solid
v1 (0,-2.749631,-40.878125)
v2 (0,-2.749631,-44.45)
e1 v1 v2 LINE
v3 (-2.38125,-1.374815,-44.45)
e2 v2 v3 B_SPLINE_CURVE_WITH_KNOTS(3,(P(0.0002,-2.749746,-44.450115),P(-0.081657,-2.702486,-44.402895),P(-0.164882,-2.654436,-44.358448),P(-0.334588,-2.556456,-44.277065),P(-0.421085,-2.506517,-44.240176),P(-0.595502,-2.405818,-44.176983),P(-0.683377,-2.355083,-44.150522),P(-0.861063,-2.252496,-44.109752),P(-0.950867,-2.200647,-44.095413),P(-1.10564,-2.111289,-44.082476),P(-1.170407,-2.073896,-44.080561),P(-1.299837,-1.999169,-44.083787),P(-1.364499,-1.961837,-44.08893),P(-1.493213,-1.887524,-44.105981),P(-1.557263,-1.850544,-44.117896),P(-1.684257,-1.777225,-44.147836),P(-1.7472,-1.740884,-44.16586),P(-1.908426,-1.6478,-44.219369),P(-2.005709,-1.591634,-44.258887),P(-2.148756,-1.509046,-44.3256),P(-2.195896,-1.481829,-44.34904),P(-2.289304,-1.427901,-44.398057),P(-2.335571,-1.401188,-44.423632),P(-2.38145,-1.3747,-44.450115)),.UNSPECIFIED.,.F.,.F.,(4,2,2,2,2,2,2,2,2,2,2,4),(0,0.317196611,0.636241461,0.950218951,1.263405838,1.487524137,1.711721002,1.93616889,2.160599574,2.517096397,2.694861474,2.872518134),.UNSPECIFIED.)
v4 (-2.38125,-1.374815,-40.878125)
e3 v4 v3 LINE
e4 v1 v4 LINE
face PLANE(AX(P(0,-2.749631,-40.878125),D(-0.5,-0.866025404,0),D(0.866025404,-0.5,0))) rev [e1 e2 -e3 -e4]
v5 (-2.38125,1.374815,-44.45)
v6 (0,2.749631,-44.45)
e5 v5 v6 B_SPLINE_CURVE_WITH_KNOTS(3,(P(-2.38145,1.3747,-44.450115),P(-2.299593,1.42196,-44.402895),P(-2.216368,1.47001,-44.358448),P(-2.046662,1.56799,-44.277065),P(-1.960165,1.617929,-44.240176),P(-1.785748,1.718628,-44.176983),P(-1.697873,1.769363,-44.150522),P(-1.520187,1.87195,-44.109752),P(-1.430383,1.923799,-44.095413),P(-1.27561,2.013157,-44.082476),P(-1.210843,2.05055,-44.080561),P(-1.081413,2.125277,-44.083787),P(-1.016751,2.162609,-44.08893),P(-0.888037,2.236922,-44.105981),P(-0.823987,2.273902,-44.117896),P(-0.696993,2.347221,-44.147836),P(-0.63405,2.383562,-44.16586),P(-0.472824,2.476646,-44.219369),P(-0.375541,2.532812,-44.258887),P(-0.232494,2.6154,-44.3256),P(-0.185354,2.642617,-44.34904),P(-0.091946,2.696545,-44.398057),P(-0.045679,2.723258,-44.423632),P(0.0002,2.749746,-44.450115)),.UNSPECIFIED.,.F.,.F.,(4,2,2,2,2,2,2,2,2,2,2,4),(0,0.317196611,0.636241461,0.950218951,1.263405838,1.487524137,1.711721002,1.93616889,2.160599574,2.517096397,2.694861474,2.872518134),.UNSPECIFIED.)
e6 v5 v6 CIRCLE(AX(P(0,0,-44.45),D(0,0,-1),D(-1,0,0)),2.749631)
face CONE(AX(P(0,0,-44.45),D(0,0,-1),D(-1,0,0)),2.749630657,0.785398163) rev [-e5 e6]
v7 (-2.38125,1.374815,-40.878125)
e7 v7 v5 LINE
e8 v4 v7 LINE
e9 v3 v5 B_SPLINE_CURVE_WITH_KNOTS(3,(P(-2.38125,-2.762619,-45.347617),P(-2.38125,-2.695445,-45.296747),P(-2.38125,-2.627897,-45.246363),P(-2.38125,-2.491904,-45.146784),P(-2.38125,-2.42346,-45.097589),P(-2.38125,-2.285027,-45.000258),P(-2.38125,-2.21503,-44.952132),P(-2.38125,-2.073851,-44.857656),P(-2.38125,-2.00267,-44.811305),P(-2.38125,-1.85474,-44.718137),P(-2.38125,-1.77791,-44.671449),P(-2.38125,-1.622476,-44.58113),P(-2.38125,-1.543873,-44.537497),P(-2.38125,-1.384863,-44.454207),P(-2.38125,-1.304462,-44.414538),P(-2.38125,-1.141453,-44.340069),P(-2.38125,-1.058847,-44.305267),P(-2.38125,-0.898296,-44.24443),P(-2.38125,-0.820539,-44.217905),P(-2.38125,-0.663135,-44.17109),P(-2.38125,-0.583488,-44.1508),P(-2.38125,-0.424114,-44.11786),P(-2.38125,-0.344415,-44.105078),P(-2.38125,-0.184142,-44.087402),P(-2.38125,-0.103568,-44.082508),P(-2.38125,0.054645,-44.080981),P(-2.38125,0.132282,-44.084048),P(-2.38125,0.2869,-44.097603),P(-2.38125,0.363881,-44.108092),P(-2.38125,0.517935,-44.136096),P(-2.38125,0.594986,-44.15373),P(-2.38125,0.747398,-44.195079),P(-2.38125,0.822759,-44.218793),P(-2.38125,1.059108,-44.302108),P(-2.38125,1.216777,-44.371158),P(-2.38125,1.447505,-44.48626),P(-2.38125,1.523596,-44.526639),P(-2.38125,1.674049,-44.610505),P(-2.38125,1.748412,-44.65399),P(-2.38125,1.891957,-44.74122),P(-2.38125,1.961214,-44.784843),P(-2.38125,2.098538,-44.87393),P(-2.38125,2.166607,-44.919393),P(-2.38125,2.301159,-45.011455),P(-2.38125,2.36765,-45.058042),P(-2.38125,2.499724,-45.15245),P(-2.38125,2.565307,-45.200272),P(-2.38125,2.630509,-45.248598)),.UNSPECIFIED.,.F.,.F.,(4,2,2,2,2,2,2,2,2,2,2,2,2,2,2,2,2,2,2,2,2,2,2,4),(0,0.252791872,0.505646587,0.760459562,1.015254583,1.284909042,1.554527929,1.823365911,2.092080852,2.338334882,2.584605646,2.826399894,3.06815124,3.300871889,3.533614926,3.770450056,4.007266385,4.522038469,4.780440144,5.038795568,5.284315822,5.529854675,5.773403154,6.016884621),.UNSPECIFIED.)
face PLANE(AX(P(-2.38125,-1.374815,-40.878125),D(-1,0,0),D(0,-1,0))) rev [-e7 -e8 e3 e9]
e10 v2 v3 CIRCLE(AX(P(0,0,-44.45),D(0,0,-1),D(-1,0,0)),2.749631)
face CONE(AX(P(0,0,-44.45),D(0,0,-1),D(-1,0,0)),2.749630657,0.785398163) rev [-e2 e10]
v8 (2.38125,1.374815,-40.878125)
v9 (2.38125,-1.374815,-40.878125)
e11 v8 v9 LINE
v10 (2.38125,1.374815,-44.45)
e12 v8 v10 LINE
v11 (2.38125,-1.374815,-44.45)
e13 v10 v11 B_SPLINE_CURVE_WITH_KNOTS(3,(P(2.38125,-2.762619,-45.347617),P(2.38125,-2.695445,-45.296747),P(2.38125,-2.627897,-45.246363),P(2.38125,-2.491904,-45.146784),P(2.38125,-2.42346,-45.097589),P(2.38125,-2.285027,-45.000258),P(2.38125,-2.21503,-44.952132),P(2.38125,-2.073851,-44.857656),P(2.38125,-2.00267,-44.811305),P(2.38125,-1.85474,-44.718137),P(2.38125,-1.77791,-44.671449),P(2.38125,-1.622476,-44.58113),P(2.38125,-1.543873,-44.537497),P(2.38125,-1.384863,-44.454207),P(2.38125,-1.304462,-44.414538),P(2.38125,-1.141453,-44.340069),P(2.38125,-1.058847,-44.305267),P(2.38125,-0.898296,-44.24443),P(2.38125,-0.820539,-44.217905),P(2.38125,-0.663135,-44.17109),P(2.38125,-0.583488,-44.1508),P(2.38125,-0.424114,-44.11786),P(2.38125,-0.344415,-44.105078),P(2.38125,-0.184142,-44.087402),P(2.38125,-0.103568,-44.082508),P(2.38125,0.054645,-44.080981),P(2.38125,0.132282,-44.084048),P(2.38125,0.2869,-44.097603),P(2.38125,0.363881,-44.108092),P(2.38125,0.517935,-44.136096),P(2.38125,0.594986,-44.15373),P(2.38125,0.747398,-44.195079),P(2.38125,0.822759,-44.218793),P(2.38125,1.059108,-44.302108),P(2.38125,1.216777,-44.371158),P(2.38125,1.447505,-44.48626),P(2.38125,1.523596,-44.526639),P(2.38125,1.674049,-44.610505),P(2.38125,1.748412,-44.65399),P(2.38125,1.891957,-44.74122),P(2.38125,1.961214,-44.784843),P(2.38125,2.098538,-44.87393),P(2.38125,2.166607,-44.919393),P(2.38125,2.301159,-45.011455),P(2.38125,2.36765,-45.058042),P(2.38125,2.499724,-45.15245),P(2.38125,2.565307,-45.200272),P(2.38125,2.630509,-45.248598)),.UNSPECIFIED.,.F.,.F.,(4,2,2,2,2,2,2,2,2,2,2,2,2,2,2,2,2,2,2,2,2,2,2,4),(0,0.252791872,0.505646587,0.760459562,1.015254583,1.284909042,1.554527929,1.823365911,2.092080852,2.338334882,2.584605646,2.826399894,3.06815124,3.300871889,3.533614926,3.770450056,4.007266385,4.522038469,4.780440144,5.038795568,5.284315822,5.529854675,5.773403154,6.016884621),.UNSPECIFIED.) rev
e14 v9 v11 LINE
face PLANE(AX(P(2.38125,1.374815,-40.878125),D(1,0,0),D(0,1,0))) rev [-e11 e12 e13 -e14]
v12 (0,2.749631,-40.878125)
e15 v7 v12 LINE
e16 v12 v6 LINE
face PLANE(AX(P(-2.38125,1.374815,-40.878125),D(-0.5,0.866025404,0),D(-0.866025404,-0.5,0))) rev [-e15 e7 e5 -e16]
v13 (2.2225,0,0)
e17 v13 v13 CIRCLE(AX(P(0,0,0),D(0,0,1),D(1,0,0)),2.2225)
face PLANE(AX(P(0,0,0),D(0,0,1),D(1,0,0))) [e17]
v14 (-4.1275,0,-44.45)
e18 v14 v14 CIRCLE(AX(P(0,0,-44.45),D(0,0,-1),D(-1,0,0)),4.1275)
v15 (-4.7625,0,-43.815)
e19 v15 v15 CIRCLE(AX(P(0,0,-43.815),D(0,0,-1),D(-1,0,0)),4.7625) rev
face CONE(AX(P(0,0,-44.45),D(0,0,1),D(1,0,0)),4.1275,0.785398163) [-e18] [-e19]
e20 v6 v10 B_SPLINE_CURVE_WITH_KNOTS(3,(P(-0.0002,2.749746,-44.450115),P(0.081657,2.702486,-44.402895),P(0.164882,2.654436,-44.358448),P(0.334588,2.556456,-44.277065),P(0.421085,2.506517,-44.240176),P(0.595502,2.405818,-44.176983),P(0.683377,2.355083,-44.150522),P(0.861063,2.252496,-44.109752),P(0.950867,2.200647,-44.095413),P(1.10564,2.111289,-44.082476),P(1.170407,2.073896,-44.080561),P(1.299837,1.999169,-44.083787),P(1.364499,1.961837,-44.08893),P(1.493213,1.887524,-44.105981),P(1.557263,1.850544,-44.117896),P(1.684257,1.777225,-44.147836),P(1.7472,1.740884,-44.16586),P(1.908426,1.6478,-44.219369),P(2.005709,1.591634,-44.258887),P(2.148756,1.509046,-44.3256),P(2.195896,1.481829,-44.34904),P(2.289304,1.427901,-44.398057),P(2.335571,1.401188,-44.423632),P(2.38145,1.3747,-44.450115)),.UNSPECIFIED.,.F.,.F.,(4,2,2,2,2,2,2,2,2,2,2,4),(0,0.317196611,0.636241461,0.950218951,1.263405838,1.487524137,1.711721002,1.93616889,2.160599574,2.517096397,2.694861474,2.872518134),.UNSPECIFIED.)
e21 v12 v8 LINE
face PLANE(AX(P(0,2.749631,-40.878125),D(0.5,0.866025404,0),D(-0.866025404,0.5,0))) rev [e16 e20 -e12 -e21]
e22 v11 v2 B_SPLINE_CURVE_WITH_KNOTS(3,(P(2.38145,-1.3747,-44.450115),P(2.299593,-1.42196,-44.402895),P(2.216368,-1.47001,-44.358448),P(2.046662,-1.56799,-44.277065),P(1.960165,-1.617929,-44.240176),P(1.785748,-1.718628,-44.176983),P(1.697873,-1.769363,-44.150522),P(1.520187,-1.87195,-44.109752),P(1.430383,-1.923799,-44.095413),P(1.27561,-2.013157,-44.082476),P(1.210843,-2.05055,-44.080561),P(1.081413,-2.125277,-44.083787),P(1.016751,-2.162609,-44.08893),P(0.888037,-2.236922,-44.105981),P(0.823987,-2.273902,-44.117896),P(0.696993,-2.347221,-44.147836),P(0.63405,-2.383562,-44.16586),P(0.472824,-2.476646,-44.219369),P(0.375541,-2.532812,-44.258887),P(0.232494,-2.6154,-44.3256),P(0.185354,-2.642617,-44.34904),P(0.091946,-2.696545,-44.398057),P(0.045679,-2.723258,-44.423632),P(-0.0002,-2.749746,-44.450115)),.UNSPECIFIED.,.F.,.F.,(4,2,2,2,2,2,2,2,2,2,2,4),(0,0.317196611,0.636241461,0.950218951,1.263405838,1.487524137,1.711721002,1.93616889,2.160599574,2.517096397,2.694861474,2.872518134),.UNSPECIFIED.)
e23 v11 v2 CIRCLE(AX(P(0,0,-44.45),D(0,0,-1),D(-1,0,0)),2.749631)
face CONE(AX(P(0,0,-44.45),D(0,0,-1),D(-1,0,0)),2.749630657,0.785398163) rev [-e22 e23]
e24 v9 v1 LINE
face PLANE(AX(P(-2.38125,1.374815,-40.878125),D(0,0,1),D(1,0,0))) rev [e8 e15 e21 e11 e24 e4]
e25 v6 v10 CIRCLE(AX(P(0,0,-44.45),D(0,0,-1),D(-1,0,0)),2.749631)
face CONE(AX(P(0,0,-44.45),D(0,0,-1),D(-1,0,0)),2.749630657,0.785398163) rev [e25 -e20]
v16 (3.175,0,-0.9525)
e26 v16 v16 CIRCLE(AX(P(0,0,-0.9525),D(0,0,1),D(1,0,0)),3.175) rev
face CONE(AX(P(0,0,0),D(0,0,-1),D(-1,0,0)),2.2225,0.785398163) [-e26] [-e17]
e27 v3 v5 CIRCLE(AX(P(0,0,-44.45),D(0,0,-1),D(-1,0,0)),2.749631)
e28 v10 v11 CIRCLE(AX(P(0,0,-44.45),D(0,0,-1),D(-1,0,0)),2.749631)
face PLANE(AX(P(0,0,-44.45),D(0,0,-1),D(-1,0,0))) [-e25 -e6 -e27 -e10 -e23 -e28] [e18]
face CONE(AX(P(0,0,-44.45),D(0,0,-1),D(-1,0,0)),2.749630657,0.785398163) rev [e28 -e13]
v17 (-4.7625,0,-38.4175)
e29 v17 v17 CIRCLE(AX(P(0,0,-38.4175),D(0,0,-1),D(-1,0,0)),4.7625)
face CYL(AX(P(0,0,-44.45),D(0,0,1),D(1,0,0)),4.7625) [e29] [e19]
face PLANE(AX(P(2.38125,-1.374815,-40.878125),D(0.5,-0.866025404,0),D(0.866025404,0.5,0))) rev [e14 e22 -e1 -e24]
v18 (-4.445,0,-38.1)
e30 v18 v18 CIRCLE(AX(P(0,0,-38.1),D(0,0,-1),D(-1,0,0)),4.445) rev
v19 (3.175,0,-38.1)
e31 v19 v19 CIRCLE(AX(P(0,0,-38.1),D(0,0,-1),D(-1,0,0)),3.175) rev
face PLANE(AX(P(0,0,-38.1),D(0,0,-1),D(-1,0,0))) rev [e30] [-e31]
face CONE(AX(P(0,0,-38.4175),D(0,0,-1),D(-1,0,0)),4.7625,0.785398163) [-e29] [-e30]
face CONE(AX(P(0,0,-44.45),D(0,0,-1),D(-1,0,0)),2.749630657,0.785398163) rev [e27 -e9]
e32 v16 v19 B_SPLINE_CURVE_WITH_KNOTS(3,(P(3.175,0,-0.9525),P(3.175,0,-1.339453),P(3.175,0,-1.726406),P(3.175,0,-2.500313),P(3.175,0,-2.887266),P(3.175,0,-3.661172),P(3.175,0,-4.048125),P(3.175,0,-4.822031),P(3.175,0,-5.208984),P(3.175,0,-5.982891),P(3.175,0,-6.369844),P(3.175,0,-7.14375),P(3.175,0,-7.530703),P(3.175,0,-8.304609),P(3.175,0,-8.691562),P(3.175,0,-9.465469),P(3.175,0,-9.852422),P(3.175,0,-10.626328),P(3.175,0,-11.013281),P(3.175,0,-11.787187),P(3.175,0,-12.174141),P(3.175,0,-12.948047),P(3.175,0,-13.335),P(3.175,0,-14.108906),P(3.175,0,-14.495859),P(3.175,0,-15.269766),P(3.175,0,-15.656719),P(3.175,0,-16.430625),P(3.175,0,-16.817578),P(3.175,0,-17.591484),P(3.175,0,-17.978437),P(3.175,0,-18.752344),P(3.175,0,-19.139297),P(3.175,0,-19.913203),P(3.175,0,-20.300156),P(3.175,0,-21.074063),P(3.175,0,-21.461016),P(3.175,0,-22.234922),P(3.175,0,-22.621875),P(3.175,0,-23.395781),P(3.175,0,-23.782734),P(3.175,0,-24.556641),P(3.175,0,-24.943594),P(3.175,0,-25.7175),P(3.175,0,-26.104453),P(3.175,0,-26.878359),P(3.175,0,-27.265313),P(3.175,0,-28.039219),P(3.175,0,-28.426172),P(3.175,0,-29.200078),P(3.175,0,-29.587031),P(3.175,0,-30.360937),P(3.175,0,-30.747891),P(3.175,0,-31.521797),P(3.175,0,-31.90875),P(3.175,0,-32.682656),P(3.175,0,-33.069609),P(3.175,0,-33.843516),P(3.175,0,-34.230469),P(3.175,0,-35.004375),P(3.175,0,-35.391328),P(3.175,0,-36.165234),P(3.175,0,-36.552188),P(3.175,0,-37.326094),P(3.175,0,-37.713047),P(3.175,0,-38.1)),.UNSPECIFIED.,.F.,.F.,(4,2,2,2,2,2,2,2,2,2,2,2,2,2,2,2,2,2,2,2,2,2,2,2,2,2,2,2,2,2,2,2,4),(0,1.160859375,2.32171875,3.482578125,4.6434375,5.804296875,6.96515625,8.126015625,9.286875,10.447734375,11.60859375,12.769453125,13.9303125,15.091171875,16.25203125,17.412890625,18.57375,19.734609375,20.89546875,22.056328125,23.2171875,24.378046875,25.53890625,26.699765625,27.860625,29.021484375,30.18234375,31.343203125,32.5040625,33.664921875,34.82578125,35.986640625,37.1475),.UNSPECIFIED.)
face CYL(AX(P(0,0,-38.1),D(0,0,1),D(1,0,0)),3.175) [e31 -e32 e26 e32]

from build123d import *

# Parameters (mm, degrees)
SKETCH1_R          = 3.175
EXTRUDE1_DEPTH     = 38.1
SKETCH6_R          = 4.7625
EXTRUDE2_DEPTH     = 6.35
CUT_EXTRUDE1_DEPTH = 3.571875
SKETCH8_R          = 2.749630657
CUT_EXTRUDE2_DEPTH = 0.635
CUT_EXTRUDE2_DRAFT = -45
CHAMFER1_SIZE      = 0.635
CHAMFER2_SIZE      = 0.3175
CHAMFER3_SIZE      = 0.9525


with BuildPart() as part:
    # Sketch1 → Extrude1 (new body)
    with BuildSketch(Plane.XY):
        Circle(SKETCH1_R)
    extrude(amount=-EXTRUDE1_DEPTH)

    # Sketch6 → Extrude2 (add)
    with BuildSketch(Plane(origin=(0, 0, -38.1), x_dir=(-1, 0, 0), z_dir=(0, 0, -1))):
        Circle(SKETCH6_R)
    extrude(amount=EXTRUDE2_DEPTH)

    # Sketch7 → Cut-Extrude1 (cut)
    with BuildSketch(Plane(origin=(0, 0, -44.45), x_dir=(-1, 0, 0), z_dir=(0, 0, -1))):
        Polygon((0, 2.749630657), (-2.38125, 1.374815329), (-2.38125, -1.374815329), (0, -2.749630657), (2.38125, -1.374815329), (2.38125, 1.374815329), align=None)
    extrude(amount=-CUT_EXTRUDE1_DEPTH, mode=Mode.SUBTRACT)


with BuildPart() as cut_extrude2_tool:
    # Sketch8 → Cut-Extrude2 (with draft: the straight prism first)
    with BuildSketch(Plane(origin=(0, 0, -44.45), x_dir=(-1, 0, 0), z_dir=(0, 0, -1))):
        Circle(SKETCH8_R)
    extrude(amount=-CUT_EXTRUDE2_DEPTH)
    # Cut-Extrude2: the draft: its side faces are tilted about the plane it starts from
    cut_extrude2_sides = [cut_extrude2_tool.faces().sort_by_distance(p)[0] for p in [
        (2.749630657, 0, -44.1325),
    ]]
    draft(cut_extrude2_sides, Plane(origin=(0, 0, -44.45), x_dir=(-1, 0, 0), z_dir=(0, 0, -1)), CUT_EXTRUDE2_DRAFT)


with BuildPart() as part_1:
    add(part.part)

    # Cut-Extrude2: cut by cut_extrude2_tool
    add(cut_extrude2_tool.part, mode=Mode.SUBTRACT)

    # Chamfer1
    chamfer1_edges = [part_1.edges().sort_by_distance(p)[0] for p in [
        (4.7625, 0, -44.45),
    ]]
    chamfer(chamfer1_edges, length=CHAMFER1_SIZE)

    # Chamfer2
    chamfer2_edges = [part_1.edges().sort_by_distance(p)[0] for p in [
        (4.7625, 0, -38.1),
    ]]
    chamfer(chamfer2_edges, length=CHAMFER2_SIZE)

    # Chamfer3
    chamfer3_edges = [part_1.edges().sort_by_distance(p)[0] for p in [
        (-3.175, 0, 0),
    ]]
    chamfer(chamfer3_edges, length=CHAMFER3_SIZE)


solid = part_1.part
